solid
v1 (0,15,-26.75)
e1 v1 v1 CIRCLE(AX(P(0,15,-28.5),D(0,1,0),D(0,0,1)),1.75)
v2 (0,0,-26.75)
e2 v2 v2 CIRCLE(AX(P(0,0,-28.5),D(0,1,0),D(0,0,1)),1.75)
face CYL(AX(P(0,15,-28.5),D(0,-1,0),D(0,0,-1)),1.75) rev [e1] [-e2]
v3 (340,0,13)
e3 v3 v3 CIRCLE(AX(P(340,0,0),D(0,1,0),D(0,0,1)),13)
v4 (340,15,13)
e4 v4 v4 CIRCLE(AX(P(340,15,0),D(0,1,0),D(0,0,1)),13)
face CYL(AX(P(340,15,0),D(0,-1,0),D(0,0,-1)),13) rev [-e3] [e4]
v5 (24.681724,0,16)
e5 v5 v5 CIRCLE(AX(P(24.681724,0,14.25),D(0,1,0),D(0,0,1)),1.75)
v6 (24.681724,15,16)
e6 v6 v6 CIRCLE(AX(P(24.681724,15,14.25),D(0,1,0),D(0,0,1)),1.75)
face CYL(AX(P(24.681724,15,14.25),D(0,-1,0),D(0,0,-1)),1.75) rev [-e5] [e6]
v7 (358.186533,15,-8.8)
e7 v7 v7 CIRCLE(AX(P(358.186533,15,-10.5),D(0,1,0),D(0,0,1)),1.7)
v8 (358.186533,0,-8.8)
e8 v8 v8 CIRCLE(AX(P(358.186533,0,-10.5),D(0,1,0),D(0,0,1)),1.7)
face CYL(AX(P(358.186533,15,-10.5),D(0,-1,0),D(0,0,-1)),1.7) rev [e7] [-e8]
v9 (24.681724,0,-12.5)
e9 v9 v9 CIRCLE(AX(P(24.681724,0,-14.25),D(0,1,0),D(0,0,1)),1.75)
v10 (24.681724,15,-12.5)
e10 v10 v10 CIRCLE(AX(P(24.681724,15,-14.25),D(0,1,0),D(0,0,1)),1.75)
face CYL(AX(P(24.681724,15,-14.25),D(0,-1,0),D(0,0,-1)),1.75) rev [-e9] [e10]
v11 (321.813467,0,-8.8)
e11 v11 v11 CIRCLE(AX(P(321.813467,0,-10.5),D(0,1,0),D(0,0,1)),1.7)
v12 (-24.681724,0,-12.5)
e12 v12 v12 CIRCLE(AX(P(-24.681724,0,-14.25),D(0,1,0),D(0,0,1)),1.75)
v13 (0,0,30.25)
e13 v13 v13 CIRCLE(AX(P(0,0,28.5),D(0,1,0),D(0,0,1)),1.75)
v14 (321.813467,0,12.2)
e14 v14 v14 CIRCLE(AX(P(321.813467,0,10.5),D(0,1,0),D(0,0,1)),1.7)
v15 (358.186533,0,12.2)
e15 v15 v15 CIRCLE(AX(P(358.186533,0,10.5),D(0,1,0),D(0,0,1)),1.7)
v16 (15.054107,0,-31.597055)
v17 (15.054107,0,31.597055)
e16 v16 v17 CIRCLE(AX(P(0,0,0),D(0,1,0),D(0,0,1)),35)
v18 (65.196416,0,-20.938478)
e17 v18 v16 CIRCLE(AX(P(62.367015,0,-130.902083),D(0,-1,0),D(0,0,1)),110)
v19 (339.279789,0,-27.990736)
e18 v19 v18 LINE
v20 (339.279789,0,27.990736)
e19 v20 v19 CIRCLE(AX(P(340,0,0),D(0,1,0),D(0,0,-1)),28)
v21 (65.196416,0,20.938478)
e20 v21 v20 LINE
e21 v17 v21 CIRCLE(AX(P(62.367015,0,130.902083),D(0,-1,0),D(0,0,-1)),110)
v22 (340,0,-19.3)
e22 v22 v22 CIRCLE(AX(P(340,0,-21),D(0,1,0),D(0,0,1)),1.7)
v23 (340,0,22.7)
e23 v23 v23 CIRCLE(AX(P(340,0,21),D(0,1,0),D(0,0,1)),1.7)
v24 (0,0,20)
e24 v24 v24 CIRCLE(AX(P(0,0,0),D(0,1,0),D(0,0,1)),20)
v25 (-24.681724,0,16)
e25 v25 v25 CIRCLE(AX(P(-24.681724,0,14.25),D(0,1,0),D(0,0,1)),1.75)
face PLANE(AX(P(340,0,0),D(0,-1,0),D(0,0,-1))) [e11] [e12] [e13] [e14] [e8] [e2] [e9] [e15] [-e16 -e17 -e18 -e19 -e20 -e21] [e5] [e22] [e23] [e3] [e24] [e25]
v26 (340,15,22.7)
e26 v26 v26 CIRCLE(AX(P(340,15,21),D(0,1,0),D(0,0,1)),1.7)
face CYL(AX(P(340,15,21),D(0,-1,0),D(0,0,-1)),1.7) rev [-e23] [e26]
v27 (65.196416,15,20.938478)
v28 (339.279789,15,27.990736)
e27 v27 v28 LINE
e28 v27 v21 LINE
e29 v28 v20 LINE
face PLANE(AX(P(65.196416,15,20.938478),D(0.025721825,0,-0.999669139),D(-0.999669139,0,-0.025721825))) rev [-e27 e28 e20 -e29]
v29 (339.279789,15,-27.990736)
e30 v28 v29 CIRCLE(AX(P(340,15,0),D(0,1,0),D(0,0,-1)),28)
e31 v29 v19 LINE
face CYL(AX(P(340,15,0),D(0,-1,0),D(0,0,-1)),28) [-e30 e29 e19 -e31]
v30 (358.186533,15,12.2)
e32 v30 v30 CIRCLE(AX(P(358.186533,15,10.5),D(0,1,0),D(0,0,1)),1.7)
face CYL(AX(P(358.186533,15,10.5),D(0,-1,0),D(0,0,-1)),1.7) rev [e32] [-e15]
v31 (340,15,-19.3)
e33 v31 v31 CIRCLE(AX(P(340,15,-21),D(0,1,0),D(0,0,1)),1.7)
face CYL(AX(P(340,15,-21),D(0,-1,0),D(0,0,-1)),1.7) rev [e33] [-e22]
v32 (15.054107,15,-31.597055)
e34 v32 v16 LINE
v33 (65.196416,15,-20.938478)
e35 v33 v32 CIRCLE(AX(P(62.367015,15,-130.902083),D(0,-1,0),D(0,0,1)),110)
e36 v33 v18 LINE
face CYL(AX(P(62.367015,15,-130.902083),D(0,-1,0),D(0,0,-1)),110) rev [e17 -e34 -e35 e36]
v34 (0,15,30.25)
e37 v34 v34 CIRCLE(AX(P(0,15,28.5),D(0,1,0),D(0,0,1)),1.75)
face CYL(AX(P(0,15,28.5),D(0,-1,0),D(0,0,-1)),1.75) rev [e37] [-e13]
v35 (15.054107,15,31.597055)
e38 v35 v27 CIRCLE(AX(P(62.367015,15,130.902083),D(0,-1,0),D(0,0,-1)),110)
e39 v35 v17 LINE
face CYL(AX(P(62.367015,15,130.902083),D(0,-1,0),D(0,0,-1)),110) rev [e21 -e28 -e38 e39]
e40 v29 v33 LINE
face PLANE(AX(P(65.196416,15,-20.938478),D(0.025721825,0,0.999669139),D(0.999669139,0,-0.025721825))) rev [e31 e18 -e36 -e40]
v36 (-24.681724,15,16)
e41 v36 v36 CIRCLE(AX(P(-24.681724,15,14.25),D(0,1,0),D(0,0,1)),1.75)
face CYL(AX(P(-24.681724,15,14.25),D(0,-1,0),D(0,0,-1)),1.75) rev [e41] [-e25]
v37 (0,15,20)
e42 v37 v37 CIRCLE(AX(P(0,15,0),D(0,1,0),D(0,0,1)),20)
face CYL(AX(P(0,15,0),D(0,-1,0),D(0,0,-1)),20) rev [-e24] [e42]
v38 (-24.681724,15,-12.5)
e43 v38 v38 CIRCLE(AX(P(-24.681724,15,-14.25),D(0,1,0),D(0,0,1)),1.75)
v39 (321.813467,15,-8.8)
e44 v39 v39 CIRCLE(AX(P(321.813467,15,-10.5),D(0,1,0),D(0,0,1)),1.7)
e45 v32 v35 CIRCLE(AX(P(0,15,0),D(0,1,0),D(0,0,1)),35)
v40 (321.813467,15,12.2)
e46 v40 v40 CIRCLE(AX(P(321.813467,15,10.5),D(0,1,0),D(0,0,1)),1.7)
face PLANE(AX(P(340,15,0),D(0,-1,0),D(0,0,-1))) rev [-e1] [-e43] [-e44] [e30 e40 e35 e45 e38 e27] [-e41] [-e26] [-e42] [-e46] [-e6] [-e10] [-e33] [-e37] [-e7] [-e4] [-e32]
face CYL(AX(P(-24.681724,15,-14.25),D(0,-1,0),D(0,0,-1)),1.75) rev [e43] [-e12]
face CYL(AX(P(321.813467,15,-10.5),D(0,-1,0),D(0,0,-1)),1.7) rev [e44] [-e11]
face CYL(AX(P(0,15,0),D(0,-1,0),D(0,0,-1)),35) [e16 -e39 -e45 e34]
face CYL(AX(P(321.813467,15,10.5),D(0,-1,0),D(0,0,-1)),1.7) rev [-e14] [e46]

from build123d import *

# Parameters (mm, degrees)
SKETCH_1_R      = 20
SKETCH_1_R_2    = 13
SKETCH_1_R_3    = 1.7
SKETCH_1_R_4    = 1.75
EXTRUDE_1_DEPTH = 15


with BuildPart() as part:
    # 草图1 → 凸台-拉伸1 (new body)
    with BuildSketch(Plane(origin=(0, 0, 0), x_dir=(1, 0, 0), z_dir=(0, 1, 0))):
        with BuildLine():
            Line((65.196415688, 20.938478113), (339.27978891, 27.990735896))
            ThreePointArc((339.27978891, 27.990735896), (368, 0), (339.27978891, -27.990735896))
            Line((339.27978891, -27.990735896), (65.196415688, -20.938478113))
            ThreePointArc((65.196415688, -20.938478113), (39.495702891, -23.306065445), (15.054107063, -31.597054618))
            ThreePointArc((15.054107063, -31.597054618), (-35, 0), (15.054107063, 31.597054618))
            ThreePointArc((15.054107063, 31.597054618), (39.495702891, 23.306065445), (65.196415688, 20.938478113))
        make_face()
        with Locations(Location((0, 0, 0), (0, 0, 270))):
            Circle(SKETCH_1_R, mode=Mode.SUBTRACT)
        with Locations(Location((340, 0, 0), (0, 0, 270))):
            Circle(SKETCH_1_R_2, mode=Mode.SUBTRACT)
        with Locations(Location((340, 21, 0), (0, 0, 270))):
            Circle(SKETCH_1_R_3, mode=Mode.SUBTRACT)
        with Locations(Location((358.186533479, 10.5, 0), (0, 0, 270))):
            Circle(SKETCH_1_R_3, mode=Mode.SUBTRACT)
        with Locations(Location((358.186533479, -10.5, 0), (0, 0, 270))):
            Circle(SKETCH_1_R_3, mode=Mode.SUBTRACT)
        with Locations(Location((340, -21, 0), (0, 0, 270))):
            Circle(SKETCH_1_R_3, mode=Mode.SUBTRACT)
        with Locations(Location((321.813466521, -10.5, 0), (0, 0, 270))):
            Circle(SKETCH_1_R_3, mode=Mode.SUBTRACT)
        with Locations(Location((321.813466521, 10.5, 0), (0, 0, 270))):
            Circle(SKETCH_1_R_3, mode=Mode.SUBTRACT)
        with Locations(Location((0, 28.5, 0), (0, 0, 270))):
            Circle(SKETCH_1_R_4, mode=Mode.SUBTRACT)
        with Locations(Location((-24.681724008, 14.25, 0), (0, 0, 270))):
            Circle(SKETCH_1_R_4, mode=Mode.SUBTRACT)
        with Locations(Location((-24.681724008, -14.25, 0), (0, 0, 270))):
            Circle(SKETCH_1_R_4, mode=Mode.SUBTRACT)
        with Locations(Location((0, -28.5, 0), (0, 0, 270))):
            Circle(SKETCH_1_R_4, mode=Mode.SUBTRACT)
        with Locations(Location((24.681724008, -14.25, 0), (0, 0, 270))):
            Circle(SKETCH_1_R_4, mode=Mode.SUBTRACT)
        with Locations(Location((24.681724008, 14.25, 0), (0, 0, 270))):
            Circle(SKETCH_1_R_4, mode=Mode.SUBTRACT)
    extrude(amount=EXTRUDE_1_DEPTH)


solid = part.part
